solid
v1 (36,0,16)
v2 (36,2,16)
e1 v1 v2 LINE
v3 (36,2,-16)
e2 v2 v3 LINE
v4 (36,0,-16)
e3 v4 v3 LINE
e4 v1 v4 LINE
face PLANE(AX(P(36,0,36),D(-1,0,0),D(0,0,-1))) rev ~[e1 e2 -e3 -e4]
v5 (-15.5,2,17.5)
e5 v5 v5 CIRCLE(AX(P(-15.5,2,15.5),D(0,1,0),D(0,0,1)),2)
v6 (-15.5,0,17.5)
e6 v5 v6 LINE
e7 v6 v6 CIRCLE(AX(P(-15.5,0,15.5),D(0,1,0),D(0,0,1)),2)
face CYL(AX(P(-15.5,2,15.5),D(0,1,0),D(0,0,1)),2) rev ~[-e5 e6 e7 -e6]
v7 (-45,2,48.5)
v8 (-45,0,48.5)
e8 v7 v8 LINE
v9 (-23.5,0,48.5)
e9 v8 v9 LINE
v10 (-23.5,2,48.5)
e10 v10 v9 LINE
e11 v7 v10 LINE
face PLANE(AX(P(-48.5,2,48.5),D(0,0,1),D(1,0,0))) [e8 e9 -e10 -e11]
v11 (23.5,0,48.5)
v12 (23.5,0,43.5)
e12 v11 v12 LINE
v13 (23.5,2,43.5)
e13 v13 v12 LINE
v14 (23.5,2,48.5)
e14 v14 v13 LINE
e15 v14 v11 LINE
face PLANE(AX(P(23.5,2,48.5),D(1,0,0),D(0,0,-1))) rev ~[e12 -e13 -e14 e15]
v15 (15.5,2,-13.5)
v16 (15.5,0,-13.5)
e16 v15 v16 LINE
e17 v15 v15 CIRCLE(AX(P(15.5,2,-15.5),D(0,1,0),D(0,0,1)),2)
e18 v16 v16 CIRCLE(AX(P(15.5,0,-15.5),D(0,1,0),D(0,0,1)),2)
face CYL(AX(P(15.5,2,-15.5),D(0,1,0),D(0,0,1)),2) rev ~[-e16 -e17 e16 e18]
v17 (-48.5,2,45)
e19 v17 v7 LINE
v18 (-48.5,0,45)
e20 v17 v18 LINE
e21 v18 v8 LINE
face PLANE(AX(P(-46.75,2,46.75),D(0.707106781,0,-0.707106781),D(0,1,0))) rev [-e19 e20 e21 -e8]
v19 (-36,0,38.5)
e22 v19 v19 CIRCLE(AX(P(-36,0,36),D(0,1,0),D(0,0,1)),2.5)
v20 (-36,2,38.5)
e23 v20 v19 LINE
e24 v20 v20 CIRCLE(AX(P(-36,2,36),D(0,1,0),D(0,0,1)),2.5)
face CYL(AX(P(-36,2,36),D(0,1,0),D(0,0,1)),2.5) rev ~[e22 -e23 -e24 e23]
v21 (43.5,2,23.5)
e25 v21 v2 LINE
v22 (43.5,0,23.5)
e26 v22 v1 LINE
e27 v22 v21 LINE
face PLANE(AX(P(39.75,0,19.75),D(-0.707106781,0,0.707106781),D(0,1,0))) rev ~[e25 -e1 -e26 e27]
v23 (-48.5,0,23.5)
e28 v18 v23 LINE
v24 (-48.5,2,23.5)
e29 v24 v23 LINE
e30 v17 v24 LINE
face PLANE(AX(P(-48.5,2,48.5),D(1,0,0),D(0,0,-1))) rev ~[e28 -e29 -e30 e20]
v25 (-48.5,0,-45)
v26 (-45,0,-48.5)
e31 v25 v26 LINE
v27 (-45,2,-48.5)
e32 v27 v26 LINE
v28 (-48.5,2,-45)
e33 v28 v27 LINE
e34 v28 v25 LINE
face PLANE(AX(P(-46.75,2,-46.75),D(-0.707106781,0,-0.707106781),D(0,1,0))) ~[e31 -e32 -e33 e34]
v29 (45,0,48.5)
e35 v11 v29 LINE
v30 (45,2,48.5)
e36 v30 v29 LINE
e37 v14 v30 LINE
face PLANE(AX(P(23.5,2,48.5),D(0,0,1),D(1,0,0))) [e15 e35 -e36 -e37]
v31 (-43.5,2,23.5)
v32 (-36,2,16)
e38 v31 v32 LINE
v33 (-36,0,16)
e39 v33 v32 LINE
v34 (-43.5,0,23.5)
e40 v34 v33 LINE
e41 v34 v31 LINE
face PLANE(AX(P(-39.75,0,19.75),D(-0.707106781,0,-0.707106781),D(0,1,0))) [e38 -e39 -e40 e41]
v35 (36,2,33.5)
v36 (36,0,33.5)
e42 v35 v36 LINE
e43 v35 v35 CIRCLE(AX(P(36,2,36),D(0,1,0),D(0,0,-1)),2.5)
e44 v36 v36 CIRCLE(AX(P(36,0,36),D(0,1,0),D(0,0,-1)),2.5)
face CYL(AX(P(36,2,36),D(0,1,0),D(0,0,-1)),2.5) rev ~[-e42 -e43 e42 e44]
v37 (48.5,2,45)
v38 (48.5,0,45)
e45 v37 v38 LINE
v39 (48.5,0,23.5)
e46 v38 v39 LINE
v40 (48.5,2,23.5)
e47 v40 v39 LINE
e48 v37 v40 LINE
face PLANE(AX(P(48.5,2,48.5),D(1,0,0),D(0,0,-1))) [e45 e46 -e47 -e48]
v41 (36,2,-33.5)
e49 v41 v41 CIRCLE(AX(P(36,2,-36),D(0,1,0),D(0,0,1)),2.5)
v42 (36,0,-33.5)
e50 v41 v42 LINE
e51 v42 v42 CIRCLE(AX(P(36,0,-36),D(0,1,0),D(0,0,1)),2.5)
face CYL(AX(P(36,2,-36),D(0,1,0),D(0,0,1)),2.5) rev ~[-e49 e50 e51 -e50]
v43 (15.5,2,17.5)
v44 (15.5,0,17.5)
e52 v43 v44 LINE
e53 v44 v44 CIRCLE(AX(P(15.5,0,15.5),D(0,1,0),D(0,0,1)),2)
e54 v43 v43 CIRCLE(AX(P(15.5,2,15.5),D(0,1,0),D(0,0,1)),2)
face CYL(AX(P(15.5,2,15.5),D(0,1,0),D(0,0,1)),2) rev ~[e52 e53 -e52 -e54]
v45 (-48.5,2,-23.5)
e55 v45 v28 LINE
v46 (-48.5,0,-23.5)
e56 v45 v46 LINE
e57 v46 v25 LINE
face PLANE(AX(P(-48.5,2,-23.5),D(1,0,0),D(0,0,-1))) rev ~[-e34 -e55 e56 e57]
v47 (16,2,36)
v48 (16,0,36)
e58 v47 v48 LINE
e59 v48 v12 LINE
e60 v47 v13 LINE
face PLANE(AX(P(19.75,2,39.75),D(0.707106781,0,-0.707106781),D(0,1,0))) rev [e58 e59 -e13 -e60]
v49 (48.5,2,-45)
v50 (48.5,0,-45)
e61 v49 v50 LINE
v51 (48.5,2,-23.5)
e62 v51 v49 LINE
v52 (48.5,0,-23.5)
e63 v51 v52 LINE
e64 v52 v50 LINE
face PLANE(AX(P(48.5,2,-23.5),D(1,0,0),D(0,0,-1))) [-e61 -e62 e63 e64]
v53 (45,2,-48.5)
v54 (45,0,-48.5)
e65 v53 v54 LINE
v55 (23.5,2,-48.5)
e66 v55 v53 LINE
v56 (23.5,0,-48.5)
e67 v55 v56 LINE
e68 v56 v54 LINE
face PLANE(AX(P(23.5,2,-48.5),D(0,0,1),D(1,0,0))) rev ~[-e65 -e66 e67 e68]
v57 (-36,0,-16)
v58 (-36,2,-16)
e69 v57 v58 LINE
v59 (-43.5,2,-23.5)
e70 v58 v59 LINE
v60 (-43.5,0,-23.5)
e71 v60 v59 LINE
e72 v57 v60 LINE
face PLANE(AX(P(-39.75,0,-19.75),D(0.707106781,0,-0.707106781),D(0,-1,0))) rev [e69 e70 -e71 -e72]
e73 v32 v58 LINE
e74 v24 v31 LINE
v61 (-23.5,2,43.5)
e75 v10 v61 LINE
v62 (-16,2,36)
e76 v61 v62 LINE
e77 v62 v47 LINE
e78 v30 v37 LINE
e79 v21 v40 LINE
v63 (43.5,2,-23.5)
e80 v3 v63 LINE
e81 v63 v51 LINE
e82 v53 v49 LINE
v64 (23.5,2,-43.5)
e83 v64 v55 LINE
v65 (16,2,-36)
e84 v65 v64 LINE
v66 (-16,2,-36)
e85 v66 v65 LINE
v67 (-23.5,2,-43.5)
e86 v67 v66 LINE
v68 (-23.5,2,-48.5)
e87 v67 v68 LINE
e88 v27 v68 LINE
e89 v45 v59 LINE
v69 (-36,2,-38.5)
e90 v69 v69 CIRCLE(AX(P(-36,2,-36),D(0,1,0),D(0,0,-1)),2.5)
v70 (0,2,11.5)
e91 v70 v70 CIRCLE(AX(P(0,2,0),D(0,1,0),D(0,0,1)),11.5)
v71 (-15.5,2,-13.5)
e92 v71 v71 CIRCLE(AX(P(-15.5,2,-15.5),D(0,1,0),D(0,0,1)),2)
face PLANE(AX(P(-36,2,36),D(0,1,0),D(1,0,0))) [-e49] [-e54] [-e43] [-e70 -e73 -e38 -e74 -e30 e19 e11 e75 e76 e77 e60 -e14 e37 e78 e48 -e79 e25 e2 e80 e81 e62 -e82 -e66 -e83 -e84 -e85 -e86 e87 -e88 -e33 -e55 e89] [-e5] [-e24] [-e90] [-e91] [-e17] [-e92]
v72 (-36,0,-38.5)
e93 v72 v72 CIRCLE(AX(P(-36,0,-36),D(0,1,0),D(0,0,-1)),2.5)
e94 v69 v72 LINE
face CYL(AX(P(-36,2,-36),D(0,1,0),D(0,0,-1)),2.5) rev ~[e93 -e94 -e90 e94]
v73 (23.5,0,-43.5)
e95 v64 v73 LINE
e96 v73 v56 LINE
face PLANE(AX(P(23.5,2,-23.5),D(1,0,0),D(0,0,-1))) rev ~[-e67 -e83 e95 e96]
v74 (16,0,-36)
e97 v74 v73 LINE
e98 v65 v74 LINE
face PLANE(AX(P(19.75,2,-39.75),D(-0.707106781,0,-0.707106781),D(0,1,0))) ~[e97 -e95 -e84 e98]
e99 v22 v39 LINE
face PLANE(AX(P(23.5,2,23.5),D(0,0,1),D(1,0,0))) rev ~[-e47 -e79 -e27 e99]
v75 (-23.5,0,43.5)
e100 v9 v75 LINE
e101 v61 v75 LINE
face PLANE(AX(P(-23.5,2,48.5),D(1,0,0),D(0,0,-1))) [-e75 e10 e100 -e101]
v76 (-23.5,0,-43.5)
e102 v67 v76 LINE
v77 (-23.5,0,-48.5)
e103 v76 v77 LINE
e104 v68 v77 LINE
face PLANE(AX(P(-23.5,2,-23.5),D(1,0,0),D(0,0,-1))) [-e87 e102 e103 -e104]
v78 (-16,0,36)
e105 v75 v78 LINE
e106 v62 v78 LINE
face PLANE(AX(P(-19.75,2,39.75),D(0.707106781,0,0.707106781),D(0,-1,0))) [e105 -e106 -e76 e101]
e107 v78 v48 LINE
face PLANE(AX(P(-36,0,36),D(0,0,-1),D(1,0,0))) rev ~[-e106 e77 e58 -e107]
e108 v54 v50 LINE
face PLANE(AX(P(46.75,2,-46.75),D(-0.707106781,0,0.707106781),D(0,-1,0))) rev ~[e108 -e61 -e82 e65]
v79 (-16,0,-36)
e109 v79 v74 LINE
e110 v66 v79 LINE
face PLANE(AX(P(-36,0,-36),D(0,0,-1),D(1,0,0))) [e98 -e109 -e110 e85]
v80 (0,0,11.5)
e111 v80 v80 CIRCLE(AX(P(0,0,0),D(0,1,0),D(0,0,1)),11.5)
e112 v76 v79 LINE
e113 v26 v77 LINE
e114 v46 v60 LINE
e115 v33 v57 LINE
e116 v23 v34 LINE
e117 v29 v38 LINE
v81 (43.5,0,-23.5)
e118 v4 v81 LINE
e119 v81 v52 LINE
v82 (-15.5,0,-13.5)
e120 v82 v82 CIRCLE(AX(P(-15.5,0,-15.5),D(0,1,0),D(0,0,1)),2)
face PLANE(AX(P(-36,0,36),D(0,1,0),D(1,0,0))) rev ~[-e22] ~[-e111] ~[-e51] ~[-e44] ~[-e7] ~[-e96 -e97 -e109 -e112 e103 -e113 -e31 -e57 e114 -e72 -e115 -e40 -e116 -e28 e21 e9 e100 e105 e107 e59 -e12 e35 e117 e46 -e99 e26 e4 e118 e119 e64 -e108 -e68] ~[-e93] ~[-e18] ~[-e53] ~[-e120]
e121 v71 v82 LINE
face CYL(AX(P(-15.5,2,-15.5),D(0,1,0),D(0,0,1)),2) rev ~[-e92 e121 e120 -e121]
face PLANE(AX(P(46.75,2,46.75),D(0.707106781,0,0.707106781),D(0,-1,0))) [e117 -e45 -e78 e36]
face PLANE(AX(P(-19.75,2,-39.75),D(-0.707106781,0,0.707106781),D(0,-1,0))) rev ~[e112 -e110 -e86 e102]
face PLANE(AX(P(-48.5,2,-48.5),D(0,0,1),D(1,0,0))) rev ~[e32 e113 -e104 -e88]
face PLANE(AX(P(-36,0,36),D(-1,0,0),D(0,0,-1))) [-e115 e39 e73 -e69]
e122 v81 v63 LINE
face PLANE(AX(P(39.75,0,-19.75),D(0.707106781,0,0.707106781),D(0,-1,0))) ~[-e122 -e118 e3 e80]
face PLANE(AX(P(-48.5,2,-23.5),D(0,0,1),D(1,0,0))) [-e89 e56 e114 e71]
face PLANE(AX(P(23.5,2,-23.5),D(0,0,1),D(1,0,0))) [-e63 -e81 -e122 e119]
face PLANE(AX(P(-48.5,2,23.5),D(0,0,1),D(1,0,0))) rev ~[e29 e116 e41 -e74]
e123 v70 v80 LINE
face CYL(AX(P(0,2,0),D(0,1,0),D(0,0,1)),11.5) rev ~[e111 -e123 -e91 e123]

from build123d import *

# Parameters (mm, degrees)
SKETCH1_W           = 72
SKETCH1_H           = 72
BOSS_EXTRUDE1_DEPTH = 2
SKETCH5_W           = 25
SKETCH5_H           = 25
BOSS_EXTRUDE2_DEPTH = 2
SKETCH3_R           = 2
SKETCH3_R_2         = 11.5
SKETCH3_R_3         = 2.5
CUT_EXTRUDE1_DEPTH  = 69.618510622
CHAMFER1_SIZE       = 7.5
CHAMFER2_SIZE       = 3.5


with BuildPart() as part:
    # Sketch1 → Boss-Extrude1 (new body)
    with BuildSketch(Plane(origin=(0, 0, 0), x_dir=(1, 0, 0), z_dir=(0, 1, 0))):
        Rectangle(SKETCH1_W, SKETCH1_H)
    extrude(amount=BOSS_EXTRUDE1_DEPTH)

    # Sketch5 → Boss-Extrude2 (add)
    with BuildSketch(Plane(origin=(0, 2, 0), x_dir=(1, 0, 0), z_dir=(0, 1, 0))):
        with Locations((-36, -36)):
            Rectangle(SKETCH5_W, SKETCH5_H)
        with Locations((36, -36)):
            Rectangle(SKETCH5_W, SKETCH5_H)
        with Locations((36, 36)):
            Rectangle(SKETCH5_W, SKETCH5_H)
        with Locations((-36, 36)):
            Rectangle(SKETCH5_W, SKETCH5_H)
    extrude(amount=-BOSS_EXTRUDE2_DEPTH)

    # Sketch3 → Cut-Extrude1 (cut, through all)
    with BuildSketch(Plane(origin=(0, 2, 0), x_dir=(1, 0, 0), z_dir=(0, 1, 0))):
        with Locations(Location((-15.5, 15.5, 0), (0, 0, 270))):
            Circle(SKETCH3_R)
        with Locations(Location((15.5, 15.5, 0), (0, 0, 270))):
            Circle(SKETCH3_R)
        with Locations(Location((15.5, -15.5, 0), (0, 0, 270))):
            Circle(SKETCH3_R)
        with Locations(Location((-15.5, -15.5, 0), (0, 0, 270))):
            Circle(SKETCH3_R)
        with Locations(Location((0, 0, 0), (0, 0, 270))):
            Circle(SKETCH3_R_2)
        with Locations(Location((-36, -36, 0), (0, 0, 270))):
            Circle(SKETCH3_R_3)
        with Locations(Location((36, -36, 0), (0, 0, 90))):
            Circle(SKETCH3_R_3)
        with Locations(Location((36, 36, 0), (0, 0, 270))):
            Circle(SKETCH3_R_3)
        with Locations(Location((-36, 36, 0), (0, 0, 90))):
            Circle(SKETCH3_R_3)
    extrude(amount=-CUT_EXTRUDE1_DEPTH, mode=Mode.SUBTRACT)

    # Chamfer1
    chamfer1_edges = [part.edges().sort_by_distance(p)[0] for p in [
        (-23.5, 1, 36),
        (-36, 1, 23.5),
        (36, 1, 23.5),
        (23.5, 1, 36),
        (36, 1, -23.5),
        (23.5, 1, -36),
        (-36, 1, -23.5),
        (-23.5, 1, -36),
    ]]
    chamfer(chamfer1_edges, length=CHAMFER1_SIZE)

    # Chamfer2
    chamfer2_edges = [part.edges().sort_by_distance(p)[0] for p in [
        (-48.5, 1, 48.5),
        (48.5, 1, 48.5),
        (48.5, 1, -48.5),
        (-48.5, 1, -48.5),
    ]]
    chamfer(chamfer2_edges, length=CHAMFER2_SIZE)


solid = part.part
